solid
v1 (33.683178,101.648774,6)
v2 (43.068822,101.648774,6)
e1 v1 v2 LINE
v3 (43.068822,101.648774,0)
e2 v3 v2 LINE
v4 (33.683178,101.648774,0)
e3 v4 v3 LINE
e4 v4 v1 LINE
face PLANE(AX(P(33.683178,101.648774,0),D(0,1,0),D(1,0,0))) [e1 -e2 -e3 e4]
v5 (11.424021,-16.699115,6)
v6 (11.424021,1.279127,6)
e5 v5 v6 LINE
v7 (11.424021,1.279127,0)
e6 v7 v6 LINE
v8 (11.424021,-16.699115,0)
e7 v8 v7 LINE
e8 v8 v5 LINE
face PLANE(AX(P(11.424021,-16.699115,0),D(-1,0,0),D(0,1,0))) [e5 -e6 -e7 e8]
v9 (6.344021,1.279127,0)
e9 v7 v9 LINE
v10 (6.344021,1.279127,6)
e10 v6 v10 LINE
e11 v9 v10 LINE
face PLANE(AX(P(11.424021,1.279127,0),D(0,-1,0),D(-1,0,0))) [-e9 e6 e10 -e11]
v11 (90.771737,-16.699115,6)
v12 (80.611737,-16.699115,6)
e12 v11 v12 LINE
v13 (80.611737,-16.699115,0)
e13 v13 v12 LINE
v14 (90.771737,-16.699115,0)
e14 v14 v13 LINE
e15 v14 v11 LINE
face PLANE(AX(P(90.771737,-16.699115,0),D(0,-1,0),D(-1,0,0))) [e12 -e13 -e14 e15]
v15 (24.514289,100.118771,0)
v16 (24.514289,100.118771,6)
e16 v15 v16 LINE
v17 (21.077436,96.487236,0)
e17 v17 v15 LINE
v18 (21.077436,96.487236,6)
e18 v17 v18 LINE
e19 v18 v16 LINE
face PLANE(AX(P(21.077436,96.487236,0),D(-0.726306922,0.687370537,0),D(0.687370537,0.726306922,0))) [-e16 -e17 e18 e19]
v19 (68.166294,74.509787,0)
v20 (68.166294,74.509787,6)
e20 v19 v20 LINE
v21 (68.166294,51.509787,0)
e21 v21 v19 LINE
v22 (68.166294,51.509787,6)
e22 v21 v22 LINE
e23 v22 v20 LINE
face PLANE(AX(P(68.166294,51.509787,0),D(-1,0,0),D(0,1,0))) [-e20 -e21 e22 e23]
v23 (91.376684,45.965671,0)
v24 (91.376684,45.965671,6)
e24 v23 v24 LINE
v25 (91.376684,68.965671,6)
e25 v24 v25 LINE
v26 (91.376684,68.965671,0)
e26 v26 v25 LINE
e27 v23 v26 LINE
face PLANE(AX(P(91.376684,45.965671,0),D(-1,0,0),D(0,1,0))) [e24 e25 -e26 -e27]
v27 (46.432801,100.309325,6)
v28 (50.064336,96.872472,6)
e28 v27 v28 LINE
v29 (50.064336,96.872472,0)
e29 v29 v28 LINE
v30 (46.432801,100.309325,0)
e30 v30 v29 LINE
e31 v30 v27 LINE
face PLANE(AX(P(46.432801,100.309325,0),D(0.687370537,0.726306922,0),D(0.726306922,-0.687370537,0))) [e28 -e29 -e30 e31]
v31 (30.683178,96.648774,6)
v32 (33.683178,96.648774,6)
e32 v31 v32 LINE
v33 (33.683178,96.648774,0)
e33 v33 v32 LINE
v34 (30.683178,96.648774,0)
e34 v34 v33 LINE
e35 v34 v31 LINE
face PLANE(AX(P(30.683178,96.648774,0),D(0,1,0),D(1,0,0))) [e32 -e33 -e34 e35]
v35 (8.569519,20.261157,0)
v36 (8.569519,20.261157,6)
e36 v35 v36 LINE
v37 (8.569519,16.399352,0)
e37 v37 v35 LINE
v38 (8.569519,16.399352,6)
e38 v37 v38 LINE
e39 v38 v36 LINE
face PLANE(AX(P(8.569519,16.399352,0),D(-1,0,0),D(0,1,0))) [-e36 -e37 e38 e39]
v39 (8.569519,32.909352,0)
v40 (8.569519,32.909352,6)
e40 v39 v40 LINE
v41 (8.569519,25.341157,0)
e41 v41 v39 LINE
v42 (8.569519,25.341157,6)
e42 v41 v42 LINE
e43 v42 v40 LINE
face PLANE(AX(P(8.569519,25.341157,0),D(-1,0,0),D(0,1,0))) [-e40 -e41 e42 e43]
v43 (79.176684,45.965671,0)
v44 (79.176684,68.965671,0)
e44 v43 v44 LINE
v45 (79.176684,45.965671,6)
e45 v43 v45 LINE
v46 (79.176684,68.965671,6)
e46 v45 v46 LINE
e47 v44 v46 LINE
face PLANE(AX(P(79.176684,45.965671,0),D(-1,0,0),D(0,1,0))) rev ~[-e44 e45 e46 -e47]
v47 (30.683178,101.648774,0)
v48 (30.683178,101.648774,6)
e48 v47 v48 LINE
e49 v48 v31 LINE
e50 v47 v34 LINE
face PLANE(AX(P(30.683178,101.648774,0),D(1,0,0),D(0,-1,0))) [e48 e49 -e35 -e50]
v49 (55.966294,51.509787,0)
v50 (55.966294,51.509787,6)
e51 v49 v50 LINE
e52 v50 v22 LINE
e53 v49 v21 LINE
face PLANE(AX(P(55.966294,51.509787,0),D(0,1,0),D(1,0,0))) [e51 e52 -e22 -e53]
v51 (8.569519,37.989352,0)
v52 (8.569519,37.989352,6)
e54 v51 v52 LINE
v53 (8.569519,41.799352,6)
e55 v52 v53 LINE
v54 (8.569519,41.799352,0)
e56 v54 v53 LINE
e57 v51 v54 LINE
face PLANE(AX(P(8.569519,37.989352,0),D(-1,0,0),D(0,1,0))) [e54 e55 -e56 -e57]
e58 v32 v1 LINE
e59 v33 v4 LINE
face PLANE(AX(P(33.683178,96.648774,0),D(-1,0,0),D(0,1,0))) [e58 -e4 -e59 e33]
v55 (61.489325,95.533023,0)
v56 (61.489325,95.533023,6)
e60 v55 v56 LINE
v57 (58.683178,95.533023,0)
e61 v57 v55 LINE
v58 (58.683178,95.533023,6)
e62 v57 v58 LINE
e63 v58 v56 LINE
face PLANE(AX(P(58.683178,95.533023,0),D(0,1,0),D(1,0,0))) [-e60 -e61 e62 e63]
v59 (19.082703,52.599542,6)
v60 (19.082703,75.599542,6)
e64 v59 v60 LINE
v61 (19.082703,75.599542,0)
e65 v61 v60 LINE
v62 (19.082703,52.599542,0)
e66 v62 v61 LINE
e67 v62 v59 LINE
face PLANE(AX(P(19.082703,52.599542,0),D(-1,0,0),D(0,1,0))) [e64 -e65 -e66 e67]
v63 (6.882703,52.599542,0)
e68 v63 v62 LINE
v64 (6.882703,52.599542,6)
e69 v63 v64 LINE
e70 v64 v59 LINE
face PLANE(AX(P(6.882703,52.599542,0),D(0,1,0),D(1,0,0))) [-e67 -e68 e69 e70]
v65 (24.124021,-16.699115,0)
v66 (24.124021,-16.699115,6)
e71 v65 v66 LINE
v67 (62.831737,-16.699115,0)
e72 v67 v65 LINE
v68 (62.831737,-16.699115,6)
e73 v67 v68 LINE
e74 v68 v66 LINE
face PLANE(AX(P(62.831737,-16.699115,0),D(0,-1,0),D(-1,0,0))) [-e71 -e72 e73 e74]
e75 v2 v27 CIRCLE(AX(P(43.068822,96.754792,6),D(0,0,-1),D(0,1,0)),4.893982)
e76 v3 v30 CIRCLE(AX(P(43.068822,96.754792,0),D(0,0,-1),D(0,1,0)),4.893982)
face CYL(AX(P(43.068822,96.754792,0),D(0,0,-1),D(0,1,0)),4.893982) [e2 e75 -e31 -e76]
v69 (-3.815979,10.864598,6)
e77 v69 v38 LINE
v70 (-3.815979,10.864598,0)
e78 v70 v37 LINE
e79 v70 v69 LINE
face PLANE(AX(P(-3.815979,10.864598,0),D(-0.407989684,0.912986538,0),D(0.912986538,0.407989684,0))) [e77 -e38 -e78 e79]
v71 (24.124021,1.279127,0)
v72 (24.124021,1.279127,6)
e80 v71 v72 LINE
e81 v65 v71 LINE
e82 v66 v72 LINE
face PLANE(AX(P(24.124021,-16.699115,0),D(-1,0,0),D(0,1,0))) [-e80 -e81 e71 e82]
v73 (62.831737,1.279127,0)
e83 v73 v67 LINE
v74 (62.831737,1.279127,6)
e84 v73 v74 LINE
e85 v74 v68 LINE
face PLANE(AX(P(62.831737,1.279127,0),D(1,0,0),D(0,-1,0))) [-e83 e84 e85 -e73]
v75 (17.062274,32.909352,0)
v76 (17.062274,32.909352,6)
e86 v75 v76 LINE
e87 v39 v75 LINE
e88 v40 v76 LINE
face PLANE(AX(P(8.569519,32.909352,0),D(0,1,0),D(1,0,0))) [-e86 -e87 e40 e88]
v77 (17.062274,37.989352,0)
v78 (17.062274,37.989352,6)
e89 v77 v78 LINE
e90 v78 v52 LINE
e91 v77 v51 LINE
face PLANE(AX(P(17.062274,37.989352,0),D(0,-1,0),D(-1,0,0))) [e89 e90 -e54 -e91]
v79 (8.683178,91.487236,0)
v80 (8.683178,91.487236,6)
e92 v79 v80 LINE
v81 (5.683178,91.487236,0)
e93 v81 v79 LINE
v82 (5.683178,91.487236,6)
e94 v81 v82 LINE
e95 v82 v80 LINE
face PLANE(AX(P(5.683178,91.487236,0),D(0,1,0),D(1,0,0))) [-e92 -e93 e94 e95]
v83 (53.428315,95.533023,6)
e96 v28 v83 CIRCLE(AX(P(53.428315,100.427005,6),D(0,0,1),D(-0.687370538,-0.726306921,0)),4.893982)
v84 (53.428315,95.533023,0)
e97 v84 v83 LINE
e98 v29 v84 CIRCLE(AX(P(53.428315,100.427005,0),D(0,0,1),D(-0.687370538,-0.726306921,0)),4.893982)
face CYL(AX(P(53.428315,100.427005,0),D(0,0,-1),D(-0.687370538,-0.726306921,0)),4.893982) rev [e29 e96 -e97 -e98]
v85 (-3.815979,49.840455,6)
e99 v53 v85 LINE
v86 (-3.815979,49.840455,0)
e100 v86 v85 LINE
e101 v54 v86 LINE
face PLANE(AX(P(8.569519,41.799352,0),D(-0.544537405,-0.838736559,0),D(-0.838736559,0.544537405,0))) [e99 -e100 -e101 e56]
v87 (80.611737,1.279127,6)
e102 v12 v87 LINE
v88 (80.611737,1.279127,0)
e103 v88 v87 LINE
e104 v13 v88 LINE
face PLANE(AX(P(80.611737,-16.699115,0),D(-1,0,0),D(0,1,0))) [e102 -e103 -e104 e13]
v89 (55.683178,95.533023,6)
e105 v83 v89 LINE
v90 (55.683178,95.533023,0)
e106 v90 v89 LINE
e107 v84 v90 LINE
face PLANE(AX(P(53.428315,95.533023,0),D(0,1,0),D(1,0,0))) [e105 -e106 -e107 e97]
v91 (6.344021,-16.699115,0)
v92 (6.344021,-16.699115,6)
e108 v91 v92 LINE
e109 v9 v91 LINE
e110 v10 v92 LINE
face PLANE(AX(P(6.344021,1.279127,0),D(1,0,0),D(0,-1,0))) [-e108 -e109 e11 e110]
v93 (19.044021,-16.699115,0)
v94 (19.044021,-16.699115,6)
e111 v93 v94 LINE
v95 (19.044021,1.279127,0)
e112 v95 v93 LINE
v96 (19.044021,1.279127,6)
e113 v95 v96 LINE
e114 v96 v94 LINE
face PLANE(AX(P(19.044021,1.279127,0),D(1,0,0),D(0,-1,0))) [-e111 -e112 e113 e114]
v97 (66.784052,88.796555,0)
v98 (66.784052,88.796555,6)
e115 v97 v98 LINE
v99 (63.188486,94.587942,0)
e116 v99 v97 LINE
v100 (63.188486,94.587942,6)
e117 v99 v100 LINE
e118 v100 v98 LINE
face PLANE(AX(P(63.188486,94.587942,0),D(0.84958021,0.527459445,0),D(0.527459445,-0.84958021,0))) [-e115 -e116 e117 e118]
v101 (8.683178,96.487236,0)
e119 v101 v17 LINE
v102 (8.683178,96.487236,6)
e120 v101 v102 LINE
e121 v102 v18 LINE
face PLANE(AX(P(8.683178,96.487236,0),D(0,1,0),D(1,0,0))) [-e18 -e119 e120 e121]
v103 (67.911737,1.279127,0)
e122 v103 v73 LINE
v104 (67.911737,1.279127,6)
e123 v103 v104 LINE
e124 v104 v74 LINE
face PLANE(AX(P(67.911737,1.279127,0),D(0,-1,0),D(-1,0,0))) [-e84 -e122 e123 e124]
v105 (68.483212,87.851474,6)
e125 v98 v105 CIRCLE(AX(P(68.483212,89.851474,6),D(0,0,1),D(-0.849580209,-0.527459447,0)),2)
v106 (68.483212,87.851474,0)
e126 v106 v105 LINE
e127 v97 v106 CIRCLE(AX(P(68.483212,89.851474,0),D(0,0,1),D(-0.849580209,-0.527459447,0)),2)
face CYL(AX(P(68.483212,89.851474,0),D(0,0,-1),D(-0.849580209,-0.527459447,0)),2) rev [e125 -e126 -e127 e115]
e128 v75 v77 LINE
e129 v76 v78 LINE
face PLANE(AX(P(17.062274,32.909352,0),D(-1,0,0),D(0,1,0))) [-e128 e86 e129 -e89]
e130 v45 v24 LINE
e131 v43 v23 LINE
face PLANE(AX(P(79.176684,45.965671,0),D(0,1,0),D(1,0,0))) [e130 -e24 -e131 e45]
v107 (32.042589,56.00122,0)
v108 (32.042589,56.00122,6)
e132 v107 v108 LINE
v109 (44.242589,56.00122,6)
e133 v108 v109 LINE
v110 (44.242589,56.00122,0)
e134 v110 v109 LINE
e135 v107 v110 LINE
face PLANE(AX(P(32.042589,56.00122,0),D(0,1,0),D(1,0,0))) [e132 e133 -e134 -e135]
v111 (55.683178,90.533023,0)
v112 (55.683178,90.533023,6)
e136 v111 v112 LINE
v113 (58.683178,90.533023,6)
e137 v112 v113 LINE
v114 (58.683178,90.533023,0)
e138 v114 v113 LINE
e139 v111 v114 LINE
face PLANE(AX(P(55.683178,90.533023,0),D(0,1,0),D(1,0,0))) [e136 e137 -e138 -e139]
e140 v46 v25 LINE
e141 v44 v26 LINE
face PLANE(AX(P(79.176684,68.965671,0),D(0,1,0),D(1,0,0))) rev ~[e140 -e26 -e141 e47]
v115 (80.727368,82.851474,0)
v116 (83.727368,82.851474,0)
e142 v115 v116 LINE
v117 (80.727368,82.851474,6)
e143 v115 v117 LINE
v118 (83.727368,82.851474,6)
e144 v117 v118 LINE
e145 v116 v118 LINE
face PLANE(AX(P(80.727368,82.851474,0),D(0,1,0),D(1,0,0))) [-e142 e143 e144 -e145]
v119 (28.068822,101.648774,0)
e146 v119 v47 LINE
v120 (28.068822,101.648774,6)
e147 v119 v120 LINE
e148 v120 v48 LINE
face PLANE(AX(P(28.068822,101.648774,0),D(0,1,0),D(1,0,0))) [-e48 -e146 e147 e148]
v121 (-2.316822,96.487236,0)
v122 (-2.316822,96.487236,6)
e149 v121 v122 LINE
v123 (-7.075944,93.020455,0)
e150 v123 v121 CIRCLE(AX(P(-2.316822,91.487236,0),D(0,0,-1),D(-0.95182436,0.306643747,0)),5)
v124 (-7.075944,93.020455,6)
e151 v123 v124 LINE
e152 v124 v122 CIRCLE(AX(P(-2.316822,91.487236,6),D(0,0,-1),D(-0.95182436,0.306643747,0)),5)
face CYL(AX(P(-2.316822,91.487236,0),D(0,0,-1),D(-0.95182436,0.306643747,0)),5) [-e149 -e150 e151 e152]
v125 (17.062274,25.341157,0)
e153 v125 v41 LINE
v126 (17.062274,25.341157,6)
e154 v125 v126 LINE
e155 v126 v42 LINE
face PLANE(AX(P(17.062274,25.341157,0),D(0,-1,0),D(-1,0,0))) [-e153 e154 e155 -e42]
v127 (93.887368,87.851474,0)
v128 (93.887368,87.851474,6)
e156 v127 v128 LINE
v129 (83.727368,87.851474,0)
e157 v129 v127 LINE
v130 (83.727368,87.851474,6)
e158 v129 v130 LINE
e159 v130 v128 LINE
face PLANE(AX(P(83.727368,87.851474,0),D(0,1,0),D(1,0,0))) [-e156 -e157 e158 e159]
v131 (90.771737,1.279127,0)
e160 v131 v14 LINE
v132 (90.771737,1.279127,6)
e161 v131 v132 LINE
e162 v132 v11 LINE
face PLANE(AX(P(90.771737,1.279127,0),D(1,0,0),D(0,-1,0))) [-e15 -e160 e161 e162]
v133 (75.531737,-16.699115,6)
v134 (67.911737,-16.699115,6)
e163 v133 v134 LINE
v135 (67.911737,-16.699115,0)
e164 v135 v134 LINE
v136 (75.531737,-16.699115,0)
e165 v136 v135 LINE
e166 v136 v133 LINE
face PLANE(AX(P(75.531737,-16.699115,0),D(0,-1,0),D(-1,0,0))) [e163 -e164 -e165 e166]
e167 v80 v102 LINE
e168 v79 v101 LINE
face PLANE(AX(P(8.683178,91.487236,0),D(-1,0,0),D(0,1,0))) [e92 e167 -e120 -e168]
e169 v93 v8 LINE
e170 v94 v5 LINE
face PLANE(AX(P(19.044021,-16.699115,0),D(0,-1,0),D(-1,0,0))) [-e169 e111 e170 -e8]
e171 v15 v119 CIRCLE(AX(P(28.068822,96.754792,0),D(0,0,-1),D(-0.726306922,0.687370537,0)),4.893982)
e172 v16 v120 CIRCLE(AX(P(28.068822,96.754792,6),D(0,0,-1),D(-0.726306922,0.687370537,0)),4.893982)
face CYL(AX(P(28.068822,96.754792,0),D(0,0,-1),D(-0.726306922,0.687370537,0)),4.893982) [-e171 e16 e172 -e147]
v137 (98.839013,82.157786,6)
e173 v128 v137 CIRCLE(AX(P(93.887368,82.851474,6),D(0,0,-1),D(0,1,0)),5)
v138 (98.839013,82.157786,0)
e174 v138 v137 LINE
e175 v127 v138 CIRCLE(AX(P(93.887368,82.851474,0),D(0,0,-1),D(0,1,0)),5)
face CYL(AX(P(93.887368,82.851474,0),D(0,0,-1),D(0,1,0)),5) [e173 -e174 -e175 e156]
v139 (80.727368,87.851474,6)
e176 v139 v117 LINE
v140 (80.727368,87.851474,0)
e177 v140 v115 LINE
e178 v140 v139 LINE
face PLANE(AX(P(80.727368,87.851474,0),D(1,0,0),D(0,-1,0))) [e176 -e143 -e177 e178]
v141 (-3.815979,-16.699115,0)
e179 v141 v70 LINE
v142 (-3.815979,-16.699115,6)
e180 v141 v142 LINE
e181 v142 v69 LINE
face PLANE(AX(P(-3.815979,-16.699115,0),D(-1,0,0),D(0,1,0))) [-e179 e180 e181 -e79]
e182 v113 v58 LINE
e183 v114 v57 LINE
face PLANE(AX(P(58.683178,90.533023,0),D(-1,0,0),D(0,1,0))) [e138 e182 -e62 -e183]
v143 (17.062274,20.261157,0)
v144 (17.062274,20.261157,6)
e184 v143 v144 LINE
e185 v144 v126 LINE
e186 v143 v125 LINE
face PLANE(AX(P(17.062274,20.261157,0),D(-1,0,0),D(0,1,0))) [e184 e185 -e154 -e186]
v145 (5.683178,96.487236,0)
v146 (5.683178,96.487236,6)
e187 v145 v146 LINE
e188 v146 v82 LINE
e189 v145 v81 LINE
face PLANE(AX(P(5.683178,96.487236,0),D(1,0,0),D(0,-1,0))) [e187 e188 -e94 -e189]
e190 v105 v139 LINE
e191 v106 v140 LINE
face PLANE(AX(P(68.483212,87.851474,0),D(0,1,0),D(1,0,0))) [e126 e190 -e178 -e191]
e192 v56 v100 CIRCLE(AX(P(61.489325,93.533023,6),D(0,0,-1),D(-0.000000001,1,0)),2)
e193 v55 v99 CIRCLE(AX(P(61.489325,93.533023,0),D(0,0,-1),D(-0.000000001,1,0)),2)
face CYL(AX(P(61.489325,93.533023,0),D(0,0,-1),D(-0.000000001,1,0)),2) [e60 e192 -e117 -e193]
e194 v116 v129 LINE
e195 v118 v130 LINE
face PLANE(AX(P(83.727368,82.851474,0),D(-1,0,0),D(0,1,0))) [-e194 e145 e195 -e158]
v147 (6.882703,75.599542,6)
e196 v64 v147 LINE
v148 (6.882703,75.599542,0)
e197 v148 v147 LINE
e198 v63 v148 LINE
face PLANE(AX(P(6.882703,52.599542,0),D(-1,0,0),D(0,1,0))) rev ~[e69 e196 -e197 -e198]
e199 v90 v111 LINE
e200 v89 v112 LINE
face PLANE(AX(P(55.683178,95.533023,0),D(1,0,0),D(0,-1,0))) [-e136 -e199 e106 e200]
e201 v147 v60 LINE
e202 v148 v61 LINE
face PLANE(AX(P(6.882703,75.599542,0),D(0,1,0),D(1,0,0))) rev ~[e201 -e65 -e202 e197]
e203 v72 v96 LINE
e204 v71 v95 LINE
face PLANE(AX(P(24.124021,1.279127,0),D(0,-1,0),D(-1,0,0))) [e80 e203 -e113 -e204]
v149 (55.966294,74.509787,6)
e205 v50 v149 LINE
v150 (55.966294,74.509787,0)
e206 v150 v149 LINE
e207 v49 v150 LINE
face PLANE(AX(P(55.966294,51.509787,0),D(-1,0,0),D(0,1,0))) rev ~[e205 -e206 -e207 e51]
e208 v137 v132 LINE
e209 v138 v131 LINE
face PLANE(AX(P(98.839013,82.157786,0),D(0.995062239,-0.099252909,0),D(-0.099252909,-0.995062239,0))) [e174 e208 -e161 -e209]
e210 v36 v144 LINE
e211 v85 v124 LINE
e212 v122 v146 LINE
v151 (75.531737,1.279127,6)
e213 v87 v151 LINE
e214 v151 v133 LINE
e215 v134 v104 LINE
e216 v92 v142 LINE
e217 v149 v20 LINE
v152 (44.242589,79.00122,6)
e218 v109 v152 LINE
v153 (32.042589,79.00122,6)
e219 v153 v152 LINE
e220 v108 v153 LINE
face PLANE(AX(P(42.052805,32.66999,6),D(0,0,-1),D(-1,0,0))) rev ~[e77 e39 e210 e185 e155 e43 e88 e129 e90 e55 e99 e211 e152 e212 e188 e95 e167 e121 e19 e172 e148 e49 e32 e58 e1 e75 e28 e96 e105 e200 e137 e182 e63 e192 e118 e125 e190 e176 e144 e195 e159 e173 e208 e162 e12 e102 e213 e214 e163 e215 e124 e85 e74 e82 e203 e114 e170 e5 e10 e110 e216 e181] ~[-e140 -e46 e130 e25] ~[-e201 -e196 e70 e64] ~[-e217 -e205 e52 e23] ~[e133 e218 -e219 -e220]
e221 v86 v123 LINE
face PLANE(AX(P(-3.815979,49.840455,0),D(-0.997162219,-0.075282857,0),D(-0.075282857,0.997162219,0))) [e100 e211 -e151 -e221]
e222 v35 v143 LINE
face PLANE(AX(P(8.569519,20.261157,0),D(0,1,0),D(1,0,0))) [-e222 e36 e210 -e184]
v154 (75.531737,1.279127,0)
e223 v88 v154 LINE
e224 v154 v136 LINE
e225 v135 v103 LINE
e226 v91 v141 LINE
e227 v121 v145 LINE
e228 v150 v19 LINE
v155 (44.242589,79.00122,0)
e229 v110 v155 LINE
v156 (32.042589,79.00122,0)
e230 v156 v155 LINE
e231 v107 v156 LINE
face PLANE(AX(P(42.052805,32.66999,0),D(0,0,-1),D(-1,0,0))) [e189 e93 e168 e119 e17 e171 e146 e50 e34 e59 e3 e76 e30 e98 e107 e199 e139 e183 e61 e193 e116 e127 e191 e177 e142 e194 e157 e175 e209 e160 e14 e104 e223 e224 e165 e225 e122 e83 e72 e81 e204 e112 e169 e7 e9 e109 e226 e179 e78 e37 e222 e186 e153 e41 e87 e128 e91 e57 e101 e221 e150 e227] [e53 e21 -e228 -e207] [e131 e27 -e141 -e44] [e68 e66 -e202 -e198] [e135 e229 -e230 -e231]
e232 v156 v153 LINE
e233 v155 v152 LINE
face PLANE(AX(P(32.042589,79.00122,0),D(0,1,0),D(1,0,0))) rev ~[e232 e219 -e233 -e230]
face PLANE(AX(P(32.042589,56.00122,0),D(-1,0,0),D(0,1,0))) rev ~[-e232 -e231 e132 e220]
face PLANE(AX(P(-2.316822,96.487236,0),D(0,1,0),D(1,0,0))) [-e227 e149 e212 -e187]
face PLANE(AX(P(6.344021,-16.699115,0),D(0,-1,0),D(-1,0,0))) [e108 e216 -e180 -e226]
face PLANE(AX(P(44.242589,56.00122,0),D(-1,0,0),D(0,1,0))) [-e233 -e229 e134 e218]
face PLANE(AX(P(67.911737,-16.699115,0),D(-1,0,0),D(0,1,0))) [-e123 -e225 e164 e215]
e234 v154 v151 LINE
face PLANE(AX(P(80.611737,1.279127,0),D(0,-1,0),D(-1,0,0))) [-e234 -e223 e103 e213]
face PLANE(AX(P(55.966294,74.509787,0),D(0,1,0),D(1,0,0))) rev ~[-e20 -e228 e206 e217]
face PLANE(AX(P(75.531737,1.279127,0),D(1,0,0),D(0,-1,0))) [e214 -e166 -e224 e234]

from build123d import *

# Parameters (mm, degrees)
SKETCH1_W           = 12.2
SKETCH1_H           = 23
BOSS_EXTRUDE1_DEPTH = 6


with BuildPart() as part:
    # Sketch1 → Boss-Extrude1 (new body)
    with BuildSketch(Plane.XY):
        with BuildLine():
            Line((21.077436259, 96.487236066), (24.514288944, 100.118770675))
            ThreePointArc((24.514288944, 100.118770675), (26.133905044, 101.250028723), (28.068821983, 101.648773655))
            Line((28.068821983, 101.648773655), (30.683177697, 101.648773655))
            Line((30.683177697, 101.648773655), (30.683177697, 96.648773655))
            Line((30.683177697, 96.648773655), (33.683177697, 96.648773655))
            Line((33.683177697, 96.648773655), (33.683177697, 101.648773655))
            Line((33.683177697, 101.648773655), (43.068821983, 101.648773655))
            ThreePointArc((43.068821983, 101.648773655), (44.879241743, 101.301597143), (46.432801053, 100.309324643))
            Line((46.432801053, 100.309324643), (50.064335662, 96.872471958))
            ThreePointArc((50.064335662, 96.872471958), (51.617894972, 95.880199458), (53.428314733, 95.533022946))
            Line((53.428314733, 95.533022946), (55.683177697, 95.533022946))
            Line((55.683177697, 95.533022946), (55.683177697, 90.533022946))
            Line((55.683177697, 90.533022946), (58.683177697, 90.533022946))
            Line((58.683177697, 90.533022946), (58.683177697, 95.533022946))
            Line((58.683177697, 95.533022946), (61.489325132, 95.533022946))
            ThreePointArc((61.489325132, 95.533022946), (62.461477954, 95.280855573), (63.188485552, 94.587941837))
            Line((63.188485552, 94.587941837), (66.784051646, 88.796554795))
            ThreePointArc((66.784051646, 88.796554795), (67.511059245, 88.10364106), (68.483212066, 87.851473686))
            Line((68.483212066, 87.851473686), (80.727367549, 87.851473686))
            Line((80.727367549, 87.851473686), (80.727367549, 82.851473686))
            Line((80.727367549, 82.851473686), (83.727367549, 82.851473686))
            Line((83.727367549, 82.851473686), (83.727367549, 87.851473686))
            Line((83.727367549, 87.851473686), (93.887367549, 87.851473686))
            ThreePointArc((93.887367549, 87.851473686), (97.660193959, 86.132598628), (98.839013483, 82.157786039))
            Line((98.839013483, 82.157786039), (90.771737035, 1.27912723))
            Line((90.771737035, 1.27912723), (90.771737035, -16.699114739))
            Line((90.771737035, -16.699114739), (80.611737035, -16.699114739))
            Line((80.611737035, -16.699114739), (80.611737035, 1.27912723))
            Line((80.611737035, 1.27912723), (75.531737035, 1.27912723))
            Line((75.531737035, 1.27912723), (75.531737035, -16.699114739))
            Line((75.531737035, -16.699114739), (67.911737035, -16.699114739))
            Line((67.911737035, -16.699114739), (67.911737035, 1.27912723))
            Line((67.911737035, 1.27912723), (62.831737035, 1.27912723))
            Line((62.831737035, 1.27912723), (62.831737035, -16.699114739))
            Line((62.831737035, -16.699114739), (24.124020717, -16.699114739))
            Line((24.124020717, -16.699114739), (24.124020717, 1.27912723))
            Line((24.124020717, 1.27912723), (19.044020717, 1.27912723))
            Line((19.044020717, 1.27912723), (19.044020717, -16.699114739))
            Line((19.044020717, -16.699114739), (11.424020717, -16.699114739))
            Line((11.424020717, -16.699114739), (11.424020717, 1.27912723))
            Line((11.424020717, 1.27912723), (6.344020717, 1.27912723))
            Line((6.344020717, 1.27912723), (6.344020717, -16.699114739))
            Line((6.344020717, -16.699114739), (-3.815979283, -16.699114739))
            Line((-3.815979283, -16.699114739), (-3.815979283, 1.27912723))
            Line((-3.815979283, 1.27912723), (-3.815979283, 10.864597722))
            Line((-3.815979283, 10.864597722), (8.569519397, 16.399351506))
            Line((8.569519397, 16.399351506), (8.569519397, 20.261157087))
            Line((8.569519397, 20.261157087), (17.062273891, 20.261157087))
            Line((17.062273891, 20.261157087), (17.062273891, 25.341157087))
            Line((17.062273891, 25.341157087), (8.569519397, 25.341157087))
            Line((8.569519397, 25.341157087), (8.569519397, 32.909351506))
            Line((8.569519397, 32.909351506), (17.062273891, 32.909351506))
            Line((17.062273891, 32.909351506), (17.062273891, 37.989351506))
            Line((17.062273891, 37.989351506), (8.569519397, 37.989351506))
            Line((8.569519397, 37.989351506), (8.569519397, 41.799351506))
            Line((8.569519397, 41.799351506), (-3.815979283, 49.840454802))
            Line((-3.815979283, 49.840454802), (-7.075944103, 93.020454802))
            ThreePointArc((-7.075944103, 93.020454802), (-5.26079125, 95.528652506), (-2.316822303, 96.487236066))
            Line((-2.316822303, 96.487236066), (5.683177697, 96.487236066))
            Line((5.683177697, 96.487236066), (5.683177697, 91.487236066))
            Line((5.683177697, 91.487236066), (8.683177697, 91.487236066))
            Line((8.683177697, 91.487236066), (8.683177697, 96.487236066))
            Line((8.683177697, 96.487236066), (21.077436259, 96.487236066))
        make_face()
        with Locations((85.276683747, 57.465671264)):
            Rectangle(SKETCH1_W, SKETCH1_H, mode=Mode.SUBTRACT)
        with Locations((62.066293543, 63.009787098)):
            Rectangle(SKETCH1_W, SKETCH1_H, mode=Mode.SUBTRACT)
        with Locations((38.142588603, 67.50121976)):
            Rectangle(SKETCH1_W, SKETCH1_H, mode=Mode.SUBTRACT)
        with Locations((12.98270306, 64.099542403)):
            Rectangle(SKETCH1_W, SKETCH1_H, mode=Mode.SUBTRACT)
    extrude(amount=BOSS_EXTRUDE1_DEPTH)


solid = part.part
